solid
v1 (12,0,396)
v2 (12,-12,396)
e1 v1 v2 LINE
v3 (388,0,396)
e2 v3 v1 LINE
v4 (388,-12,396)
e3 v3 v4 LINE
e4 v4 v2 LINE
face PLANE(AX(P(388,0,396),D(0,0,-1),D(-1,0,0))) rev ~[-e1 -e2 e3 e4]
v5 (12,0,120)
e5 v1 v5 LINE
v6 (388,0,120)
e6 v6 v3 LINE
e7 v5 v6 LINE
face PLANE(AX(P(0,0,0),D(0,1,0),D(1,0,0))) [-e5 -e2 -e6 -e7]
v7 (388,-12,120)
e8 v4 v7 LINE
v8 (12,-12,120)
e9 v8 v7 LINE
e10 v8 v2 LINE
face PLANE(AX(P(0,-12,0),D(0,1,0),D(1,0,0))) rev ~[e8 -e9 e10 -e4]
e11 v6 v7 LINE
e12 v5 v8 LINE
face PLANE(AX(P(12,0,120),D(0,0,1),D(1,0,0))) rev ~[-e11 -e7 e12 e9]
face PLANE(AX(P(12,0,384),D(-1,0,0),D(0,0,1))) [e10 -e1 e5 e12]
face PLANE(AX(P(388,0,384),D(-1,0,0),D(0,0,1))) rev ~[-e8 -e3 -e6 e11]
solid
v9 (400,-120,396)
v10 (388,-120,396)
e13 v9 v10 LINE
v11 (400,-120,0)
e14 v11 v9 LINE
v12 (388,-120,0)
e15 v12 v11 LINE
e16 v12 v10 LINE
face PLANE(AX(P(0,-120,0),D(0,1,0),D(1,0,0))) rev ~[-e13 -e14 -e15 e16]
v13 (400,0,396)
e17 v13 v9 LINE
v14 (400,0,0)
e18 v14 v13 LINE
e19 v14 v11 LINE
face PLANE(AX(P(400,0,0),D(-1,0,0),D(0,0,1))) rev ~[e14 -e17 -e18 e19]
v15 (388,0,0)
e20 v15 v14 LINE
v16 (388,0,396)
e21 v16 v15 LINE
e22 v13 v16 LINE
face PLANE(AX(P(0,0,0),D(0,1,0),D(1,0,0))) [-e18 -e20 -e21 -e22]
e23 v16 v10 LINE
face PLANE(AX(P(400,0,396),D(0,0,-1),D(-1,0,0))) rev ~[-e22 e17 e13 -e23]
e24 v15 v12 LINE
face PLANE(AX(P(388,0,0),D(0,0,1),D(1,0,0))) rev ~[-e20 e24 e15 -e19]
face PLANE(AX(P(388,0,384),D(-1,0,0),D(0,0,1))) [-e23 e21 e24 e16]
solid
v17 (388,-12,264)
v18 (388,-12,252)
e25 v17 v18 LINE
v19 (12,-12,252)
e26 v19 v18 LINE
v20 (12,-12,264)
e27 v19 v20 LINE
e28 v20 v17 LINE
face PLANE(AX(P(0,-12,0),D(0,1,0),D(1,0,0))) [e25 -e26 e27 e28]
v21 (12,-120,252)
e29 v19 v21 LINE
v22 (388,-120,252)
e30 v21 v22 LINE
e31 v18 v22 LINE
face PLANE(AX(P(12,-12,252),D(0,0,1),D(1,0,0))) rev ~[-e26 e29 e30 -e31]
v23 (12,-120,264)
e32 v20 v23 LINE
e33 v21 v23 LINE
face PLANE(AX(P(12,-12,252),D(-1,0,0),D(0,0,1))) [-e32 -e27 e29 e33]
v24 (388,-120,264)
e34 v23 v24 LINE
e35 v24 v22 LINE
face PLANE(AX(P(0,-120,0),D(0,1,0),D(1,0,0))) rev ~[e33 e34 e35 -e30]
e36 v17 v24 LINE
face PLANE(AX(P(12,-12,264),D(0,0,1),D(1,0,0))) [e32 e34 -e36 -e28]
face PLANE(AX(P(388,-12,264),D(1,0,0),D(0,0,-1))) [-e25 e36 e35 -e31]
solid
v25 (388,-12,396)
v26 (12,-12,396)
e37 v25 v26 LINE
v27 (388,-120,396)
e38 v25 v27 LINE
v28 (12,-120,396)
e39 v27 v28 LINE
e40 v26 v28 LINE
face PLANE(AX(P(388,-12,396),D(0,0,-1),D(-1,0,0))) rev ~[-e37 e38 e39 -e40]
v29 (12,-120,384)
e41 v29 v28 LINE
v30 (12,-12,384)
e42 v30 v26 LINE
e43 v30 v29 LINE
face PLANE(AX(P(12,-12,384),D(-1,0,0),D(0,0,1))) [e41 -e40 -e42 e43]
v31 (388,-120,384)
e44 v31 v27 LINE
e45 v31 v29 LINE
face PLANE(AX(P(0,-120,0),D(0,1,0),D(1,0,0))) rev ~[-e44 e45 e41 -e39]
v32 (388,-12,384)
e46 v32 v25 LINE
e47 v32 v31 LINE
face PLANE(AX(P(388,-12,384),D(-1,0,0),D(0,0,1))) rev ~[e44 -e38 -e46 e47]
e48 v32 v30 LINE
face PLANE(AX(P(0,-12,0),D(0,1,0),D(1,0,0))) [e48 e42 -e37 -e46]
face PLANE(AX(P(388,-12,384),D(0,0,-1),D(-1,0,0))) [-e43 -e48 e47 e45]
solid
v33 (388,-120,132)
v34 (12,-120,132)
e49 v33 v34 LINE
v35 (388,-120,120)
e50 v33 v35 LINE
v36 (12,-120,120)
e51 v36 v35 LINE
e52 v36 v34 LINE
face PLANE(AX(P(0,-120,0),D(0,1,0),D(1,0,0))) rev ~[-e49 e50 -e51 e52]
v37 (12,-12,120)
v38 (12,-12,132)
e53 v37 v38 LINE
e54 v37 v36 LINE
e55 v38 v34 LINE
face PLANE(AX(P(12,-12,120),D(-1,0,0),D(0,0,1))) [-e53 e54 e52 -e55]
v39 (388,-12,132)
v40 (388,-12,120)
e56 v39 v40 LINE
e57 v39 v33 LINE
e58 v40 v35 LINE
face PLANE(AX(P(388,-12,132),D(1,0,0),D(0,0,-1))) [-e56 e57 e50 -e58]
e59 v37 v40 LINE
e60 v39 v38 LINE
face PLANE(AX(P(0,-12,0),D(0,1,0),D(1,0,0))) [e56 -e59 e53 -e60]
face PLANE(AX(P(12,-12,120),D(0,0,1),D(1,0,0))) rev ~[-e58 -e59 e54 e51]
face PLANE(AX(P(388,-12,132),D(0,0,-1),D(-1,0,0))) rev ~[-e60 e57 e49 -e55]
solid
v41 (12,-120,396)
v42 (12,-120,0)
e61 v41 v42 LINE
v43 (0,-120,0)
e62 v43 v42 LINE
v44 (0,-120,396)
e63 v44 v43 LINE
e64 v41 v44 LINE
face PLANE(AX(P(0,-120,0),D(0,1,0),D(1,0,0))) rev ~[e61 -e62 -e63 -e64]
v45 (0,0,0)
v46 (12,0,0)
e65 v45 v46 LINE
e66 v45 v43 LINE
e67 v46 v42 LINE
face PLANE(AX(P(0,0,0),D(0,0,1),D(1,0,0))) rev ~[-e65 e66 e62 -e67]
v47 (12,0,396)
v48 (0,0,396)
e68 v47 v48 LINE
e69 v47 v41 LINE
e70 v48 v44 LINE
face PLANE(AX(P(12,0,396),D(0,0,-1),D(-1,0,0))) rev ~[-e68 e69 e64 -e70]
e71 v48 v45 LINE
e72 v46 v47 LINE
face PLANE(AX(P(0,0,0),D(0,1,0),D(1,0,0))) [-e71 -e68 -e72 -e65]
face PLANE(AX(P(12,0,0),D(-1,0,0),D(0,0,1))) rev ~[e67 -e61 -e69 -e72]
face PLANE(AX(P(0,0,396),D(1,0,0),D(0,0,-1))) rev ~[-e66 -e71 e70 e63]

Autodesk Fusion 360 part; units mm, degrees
sketch "Sketch1" plane through (0, 0, 0) normal (0, 1, 0) x (1, 0, 0) in component "shelf"
  line L0 (400, 0) -> (400, -396)
  line L1 (400, -396) -> (0, -396)
  line L2 (0, -396) -> (0, 0)
  line L3 (0, 0) -> (12, 0)
  line L4 (12, 0) -> (12, -120)
  line L5 (12, -120) -> (388, -120)
  line L6 (388, -120) -> (388, 0)
  line L7 (388, 0) -> (400, 0)
  line L8 (12, -252) -> (388, -252)
  line L9 (388, -252) -> (388, -132)
  line L10 (388, -132) -> (12, -132)
  line L11 (12, -132) -> (12, -252)
  line L12 (12, -120) -> (12, -132)
  line L13 (12, -264) -> (388, -264)
  line L14 (388, -264) -> (388, -384)
  line L15 (388, -384) -> (12, -384)
  line L16 (12, -384) -> (12, -264)
  line L17 (12, -252) -> (12, -264)
  line L18 (12, -384) -> (12, -396)
  line L19 (388, -264) -> (388, -252)
  line L20 (388, -132) -> (388, -120)
  line L21 (388, -384) -> (388, -396)
  dimension "d4" = 120
  dimension "d6" = 12
  dimension "d7" = 400
  dimension "d8" = 396
extrude "Extrude1" add sketch "Sketch1" against normal blind 108 from surface at -12 contours L1 L15 L18 L21 | L5 L10 L12 L20 | L8 L13 L17 L19 makes body 1 at (262.6667, -48, 132) makes body 2 at (137.3333, -48, 264) makes body 3 at (262.6667, -48, 396) in component "shelf"
extrude "Extrude2" add sketch "Sketch1" against normal up to surface (120 mm away) separate body contours L0 L1 L6 L7 L9 L14 L19 L20 L21 | L1 L2 L3 L4 L11 L12 L16 L17 L18 makes body 4 at (400, -40, 132) makes body 5 at (0, -40, 264) in component "shelf"
extrude "Extrude3" add sketch "Sketch1" against normal up to surface (12 mm away) separate body contours L1 L15 L18 L21 | L5 L10 L12 L20 | L13 L14 L15 L16 | L8 L9 L10 L11 | L8 L13 L17 L19 makes body 6 in component "shelf"
sketch "Sketch1 (2)" plane through (0, 0, 0) normal (0, 0, 1) x (1, 0, 0) in component "cutlist"
  line L0 (0, 0) -> (0, 100) construction
  line L1 (0, 100) -> (108, 100)
  line L2 (108, 100) -> (108, 476)
  line L3 (108, 476) -> (0, 476)
  line L4 (0, 476) -> (0, 100)
  line L5 (113, 100) -> (221, 100)
  line L6 (221, 100) -> (221, 476)
  line L7 (113, 476) -> (113, 100)
  line L8 (221, 476) -> (113, 476)
  line L9 (226, 100) -> (334, 100)
  line L10 (334, 100) -> (334, 476)
  line L11 (226, 476) -> (226, 100)
  line L12 (334, 476) -> (226, 476)
  line L13 (434, 100) -> (554, 100)
  line L14 (554, 100) -> (554, 496)
  line L15 (554, 496) -> (434, 496)
  line L16 (434, 496) -> (434, 100)
  line L17 (334, 100) -> (434, 100) construction
  line L18 (559, 100) -> (679, 100)
  line L19 (679, 100) -> (679, 496)
  line L20 (559, 496) -> (559, 100)
  line L21 (679, 496) -> (559, 496)
  line L22 (779, 100) -> (1055, 100)
  line L23 (1055, 100) -> (1055, 476)
  line L24 (1055, 476) -> (779, 476)
  line L25 (779, 476) -> (779, 100)
  line L26 (679, 100) -> (779, 100) construction
  dimension "d17" = 100
  dimension "d18" = 376
  dimension "d19" = 108
  dimension "d22" = 113
  dimension "d23" = 0
  dimension "d24" = 396
  dimension "d25" = 120
  dimension "d28" = 125
  dimension "d29" = 0
  dimension "d30" = 276
  dimension "d31" = 334
  dimension "d32" = 245
component "shelf" placed x (1, 0, 0) y (0, 1, 0) z (0, 0, 1) at (0, 0, 0)
component "cutlist" placed x (1, 0, 0) y (0, 1, 0) z (0, 0, 1) at (0, 0, 0)
equation "bottomMinHeight = 120 mm"
equation "maxHeight = 400 mm"
equation "d4 = bottomMinHeight"
equation "plyT = 12 mm"
equation "d6 = plyT"
equation "maxDepth = 120 mm"
equation "d10 = -plyT"
equation "d11 = -maxDepth + plyT"
equation "d18 = 400 mm - 2 * plyT"
equation "d19 = maxDepth - plyT"
equation "d22 = 5 mm + ( maxDepth - plyT )"
equation "d25 = maxDepth"
equation "d28 = 5 mm + maxDepth"
